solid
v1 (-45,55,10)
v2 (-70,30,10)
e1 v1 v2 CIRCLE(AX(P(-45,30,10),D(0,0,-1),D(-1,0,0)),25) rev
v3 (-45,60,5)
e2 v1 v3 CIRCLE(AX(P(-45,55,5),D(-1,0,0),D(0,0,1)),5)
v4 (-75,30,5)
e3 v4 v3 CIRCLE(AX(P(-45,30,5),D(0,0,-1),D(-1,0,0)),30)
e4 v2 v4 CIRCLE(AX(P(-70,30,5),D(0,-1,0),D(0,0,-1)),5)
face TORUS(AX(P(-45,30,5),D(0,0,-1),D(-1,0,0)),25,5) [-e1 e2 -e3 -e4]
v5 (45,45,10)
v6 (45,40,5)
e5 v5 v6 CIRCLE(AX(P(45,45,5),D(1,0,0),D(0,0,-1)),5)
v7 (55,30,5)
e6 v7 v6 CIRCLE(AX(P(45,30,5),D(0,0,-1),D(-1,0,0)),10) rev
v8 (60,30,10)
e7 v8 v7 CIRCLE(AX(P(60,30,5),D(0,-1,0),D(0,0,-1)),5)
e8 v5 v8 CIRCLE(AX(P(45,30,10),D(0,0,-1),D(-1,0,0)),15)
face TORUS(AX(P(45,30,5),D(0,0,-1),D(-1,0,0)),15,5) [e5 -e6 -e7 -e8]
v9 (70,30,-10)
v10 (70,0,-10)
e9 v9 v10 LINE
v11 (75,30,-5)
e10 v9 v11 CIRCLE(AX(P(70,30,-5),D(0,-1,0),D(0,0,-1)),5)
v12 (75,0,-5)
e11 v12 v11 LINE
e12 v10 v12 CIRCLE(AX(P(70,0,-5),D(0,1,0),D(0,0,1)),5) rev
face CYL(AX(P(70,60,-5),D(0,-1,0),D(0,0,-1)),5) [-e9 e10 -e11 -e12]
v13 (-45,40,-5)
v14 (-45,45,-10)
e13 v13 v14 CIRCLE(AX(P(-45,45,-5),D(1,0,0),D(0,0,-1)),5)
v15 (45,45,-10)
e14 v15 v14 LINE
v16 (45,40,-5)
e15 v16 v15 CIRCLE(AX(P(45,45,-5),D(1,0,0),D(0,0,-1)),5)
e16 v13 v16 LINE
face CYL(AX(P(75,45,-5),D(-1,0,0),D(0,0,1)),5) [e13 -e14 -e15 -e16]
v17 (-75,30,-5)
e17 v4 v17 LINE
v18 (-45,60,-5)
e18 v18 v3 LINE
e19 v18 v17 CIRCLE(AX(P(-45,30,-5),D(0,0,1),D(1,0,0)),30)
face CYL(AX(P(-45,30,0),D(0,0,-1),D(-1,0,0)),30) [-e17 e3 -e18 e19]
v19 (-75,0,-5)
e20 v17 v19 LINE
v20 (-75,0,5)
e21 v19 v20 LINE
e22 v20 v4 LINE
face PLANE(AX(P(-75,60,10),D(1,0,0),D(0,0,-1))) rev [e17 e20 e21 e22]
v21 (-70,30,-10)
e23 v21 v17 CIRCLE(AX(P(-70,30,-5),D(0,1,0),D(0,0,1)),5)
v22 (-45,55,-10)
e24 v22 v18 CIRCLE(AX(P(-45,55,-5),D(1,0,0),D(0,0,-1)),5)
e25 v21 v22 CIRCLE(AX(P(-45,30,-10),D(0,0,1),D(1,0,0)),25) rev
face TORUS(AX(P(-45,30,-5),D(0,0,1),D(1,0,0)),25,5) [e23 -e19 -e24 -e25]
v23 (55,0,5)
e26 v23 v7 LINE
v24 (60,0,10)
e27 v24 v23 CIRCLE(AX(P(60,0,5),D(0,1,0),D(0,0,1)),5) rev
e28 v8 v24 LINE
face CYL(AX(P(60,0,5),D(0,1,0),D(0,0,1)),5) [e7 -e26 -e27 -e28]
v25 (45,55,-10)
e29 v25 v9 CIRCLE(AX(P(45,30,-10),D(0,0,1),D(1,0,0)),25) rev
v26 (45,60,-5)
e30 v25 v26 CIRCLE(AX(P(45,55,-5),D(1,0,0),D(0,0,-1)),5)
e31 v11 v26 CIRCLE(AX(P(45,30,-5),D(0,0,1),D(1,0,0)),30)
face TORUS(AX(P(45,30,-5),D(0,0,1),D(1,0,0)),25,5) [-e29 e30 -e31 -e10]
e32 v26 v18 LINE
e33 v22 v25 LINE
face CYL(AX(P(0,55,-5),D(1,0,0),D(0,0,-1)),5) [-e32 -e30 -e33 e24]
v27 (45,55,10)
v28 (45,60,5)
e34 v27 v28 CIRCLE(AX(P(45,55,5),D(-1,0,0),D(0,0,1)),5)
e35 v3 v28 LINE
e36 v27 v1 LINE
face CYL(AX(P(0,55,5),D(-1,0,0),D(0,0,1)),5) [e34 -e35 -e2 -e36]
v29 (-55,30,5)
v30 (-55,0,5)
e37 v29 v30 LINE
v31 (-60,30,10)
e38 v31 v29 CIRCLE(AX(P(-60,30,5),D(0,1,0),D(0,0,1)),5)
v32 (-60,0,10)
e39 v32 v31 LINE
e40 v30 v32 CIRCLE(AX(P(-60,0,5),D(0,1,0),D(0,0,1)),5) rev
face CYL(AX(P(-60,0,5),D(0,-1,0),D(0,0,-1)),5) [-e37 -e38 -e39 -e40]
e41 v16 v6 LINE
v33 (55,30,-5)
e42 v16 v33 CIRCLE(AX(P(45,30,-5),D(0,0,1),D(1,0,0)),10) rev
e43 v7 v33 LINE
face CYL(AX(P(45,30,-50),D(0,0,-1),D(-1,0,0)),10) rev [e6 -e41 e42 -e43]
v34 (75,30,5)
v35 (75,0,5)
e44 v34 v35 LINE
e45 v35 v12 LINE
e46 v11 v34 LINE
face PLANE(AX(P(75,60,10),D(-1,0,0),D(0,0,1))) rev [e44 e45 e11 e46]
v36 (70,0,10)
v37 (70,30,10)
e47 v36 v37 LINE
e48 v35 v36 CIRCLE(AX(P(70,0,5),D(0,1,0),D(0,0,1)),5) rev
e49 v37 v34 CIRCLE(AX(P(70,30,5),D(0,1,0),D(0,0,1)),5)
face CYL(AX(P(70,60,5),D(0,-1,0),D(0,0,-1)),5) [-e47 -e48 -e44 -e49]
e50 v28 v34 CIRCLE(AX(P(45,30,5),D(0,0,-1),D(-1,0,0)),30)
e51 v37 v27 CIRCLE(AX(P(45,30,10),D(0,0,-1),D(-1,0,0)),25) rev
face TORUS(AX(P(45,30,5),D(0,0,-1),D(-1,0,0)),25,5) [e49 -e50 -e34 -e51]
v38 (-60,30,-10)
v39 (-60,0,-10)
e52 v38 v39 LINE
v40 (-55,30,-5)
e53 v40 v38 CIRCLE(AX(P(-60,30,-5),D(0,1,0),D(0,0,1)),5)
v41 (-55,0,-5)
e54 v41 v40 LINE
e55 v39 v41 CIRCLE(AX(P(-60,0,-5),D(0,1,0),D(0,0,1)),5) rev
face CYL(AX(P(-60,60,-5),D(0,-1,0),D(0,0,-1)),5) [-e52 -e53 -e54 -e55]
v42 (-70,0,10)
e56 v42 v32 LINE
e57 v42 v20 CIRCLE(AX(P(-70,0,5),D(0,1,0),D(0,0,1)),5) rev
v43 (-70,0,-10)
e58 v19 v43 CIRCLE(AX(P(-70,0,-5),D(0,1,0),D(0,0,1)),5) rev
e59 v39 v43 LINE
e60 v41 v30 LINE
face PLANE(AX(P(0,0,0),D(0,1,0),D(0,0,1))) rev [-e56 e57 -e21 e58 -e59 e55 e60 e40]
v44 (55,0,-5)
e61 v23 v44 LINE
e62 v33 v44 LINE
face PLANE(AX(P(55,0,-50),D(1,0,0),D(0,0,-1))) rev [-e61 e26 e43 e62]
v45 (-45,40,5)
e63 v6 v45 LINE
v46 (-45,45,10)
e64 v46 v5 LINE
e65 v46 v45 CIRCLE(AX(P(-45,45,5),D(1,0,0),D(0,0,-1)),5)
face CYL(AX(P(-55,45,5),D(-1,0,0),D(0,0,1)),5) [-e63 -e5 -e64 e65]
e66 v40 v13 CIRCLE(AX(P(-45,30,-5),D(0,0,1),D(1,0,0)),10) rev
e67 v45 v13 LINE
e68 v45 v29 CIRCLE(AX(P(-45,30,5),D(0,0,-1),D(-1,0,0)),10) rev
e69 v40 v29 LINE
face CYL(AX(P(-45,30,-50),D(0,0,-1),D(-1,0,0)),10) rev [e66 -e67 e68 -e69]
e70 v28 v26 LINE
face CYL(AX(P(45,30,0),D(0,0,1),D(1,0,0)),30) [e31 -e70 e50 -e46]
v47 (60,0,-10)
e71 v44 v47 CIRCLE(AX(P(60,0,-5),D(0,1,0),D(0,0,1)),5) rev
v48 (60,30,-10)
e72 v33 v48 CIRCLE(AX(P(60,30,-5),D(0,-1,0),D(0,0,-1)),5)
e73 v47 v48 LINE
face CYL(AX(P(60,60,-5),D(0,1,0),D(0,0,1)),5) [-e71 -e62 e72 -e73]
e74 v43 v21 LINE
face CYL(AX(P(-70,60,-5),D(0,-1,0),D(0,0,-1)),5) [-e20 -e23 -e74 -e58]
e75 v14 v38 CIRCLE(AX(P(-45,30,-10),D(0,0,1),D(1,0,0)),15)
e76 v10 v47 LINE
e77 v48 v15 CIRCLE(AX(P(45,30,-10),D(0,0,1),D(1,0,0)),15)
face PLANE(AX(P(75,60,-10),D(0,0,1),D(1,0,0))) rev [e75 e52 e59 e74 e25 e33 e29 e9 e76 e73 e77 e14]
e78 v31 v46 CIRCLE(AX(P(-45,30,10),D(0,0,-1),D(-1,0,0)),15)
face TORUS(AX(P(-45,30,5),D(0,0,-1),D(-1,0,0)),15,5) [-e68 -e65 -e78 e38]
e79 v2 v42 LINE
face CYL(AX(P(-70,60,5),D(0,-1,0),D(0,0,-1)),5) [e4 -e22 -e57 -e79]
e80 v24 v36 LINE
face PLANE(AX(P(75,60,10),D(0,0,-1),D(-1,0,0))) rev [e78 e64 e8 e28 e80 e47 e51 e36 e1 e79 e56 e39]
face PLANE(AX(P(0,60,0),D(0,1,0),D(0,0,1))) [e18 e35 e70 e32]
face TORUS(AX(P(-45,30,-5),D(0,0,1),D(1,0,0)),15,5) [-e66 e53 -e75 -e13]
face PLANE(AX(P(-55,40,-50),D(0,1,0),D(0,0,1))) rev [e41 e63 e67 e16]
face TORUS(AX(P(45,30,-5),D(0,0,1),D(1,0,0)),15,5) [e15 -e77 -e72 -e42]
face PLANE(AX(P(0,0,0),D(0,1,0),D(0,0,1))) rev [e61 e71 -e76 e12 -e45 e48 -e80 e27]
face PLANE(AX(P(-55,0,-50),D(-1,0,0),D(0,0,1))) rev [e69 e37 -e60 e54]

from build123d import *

# Parameters (mm, degrees)
SKICA1_W                 = 150
SKICA1_H                 = 20
P_IDAT_VYSUNUT_M1_DEPTH  = 60
SKICA2_W                 = 110
SKICA2_H                 = 40
ODEBRAT_VYSUNUT_M1_DEPTH = 60
ZAOBLIT1_R               = 10
ZAOBLIT2_R               = 30
ZAOBLIT3_R               = 5


with BuildPart() as part:
    # Skica1 → Přidat vysunutím1 (new body)
    with BuildSketch(Plane(origin=(0, 0, 0), x_dir=(1, 0, 0), z_dir=(0, 1, 0))):
        Rectangle(SKICA1_W, SKICA1_H)
    extrude(amount=P_IDAT_VYSUNUT_M1_DEPTH)

    # Skica2 → Odebrat vysunutím1 (cut)
    with BuildSketch(Plane.XY.offset(10)):
        with Locations((0, 20)):
            Rectangle(SKICA2_W, SKICA2_H)
    extrude(amount=-ODEBRAT_VYSUNUT_M1_DEPTH, mode=Mode.SUBTRACT)

    # Zaoblit1
    zaoblit1_edges = [part.edges().sort_by_distance(p)[0] for p in [
        (-55, 40, 0),
        (55, 40, 0),
    ]]
    fillet(zaoblit1_edges, radius=ZAOBLIT1_R)

    # Zaoblit2
    zaoblit2_edges = [part.edges().sort_by_distance(p)[0] for p in [
        (75, 60, 0),
        (-75, 60, 0),
    ]]
    fillet(zaoblit2_edges, radius=ZAOBLIT2_R)

    # Zaoblit3
    zaoblit3_edges = [part.edges().sort_by_distance(p)[0] for p in [
        (55, 15, -10),
        (55, 15, 10),
        (0, 40, 10),
        (0, 40, -10),
        (-55, 15, 10),
        (-55, 15, -10),
        (52.071067812, 37.071067812, 10),
        (52.071067812, 37.071067812, -10),
        (-52.071067812, 37.071067812, 10),
        (-52.071067812, 37.071067812, -10),
        (0, 60, 10),
        (0, 60, -10),
        (-75, 15, -10),
        (75, 15, -10),
        (-66.213203436, 51.213203436, -10),
        (66.213203436, 51.213203436, -10),
        (75, 15, 10),
        (-75, 15, 10),
        (-66.213203436, 51.213203436, 10),
        (66.213203436, 51.213203436, 10),
    ]]
    fillet(zaoblit3_edges, radius=ZAOBLIT3_R)


solid = part.part
